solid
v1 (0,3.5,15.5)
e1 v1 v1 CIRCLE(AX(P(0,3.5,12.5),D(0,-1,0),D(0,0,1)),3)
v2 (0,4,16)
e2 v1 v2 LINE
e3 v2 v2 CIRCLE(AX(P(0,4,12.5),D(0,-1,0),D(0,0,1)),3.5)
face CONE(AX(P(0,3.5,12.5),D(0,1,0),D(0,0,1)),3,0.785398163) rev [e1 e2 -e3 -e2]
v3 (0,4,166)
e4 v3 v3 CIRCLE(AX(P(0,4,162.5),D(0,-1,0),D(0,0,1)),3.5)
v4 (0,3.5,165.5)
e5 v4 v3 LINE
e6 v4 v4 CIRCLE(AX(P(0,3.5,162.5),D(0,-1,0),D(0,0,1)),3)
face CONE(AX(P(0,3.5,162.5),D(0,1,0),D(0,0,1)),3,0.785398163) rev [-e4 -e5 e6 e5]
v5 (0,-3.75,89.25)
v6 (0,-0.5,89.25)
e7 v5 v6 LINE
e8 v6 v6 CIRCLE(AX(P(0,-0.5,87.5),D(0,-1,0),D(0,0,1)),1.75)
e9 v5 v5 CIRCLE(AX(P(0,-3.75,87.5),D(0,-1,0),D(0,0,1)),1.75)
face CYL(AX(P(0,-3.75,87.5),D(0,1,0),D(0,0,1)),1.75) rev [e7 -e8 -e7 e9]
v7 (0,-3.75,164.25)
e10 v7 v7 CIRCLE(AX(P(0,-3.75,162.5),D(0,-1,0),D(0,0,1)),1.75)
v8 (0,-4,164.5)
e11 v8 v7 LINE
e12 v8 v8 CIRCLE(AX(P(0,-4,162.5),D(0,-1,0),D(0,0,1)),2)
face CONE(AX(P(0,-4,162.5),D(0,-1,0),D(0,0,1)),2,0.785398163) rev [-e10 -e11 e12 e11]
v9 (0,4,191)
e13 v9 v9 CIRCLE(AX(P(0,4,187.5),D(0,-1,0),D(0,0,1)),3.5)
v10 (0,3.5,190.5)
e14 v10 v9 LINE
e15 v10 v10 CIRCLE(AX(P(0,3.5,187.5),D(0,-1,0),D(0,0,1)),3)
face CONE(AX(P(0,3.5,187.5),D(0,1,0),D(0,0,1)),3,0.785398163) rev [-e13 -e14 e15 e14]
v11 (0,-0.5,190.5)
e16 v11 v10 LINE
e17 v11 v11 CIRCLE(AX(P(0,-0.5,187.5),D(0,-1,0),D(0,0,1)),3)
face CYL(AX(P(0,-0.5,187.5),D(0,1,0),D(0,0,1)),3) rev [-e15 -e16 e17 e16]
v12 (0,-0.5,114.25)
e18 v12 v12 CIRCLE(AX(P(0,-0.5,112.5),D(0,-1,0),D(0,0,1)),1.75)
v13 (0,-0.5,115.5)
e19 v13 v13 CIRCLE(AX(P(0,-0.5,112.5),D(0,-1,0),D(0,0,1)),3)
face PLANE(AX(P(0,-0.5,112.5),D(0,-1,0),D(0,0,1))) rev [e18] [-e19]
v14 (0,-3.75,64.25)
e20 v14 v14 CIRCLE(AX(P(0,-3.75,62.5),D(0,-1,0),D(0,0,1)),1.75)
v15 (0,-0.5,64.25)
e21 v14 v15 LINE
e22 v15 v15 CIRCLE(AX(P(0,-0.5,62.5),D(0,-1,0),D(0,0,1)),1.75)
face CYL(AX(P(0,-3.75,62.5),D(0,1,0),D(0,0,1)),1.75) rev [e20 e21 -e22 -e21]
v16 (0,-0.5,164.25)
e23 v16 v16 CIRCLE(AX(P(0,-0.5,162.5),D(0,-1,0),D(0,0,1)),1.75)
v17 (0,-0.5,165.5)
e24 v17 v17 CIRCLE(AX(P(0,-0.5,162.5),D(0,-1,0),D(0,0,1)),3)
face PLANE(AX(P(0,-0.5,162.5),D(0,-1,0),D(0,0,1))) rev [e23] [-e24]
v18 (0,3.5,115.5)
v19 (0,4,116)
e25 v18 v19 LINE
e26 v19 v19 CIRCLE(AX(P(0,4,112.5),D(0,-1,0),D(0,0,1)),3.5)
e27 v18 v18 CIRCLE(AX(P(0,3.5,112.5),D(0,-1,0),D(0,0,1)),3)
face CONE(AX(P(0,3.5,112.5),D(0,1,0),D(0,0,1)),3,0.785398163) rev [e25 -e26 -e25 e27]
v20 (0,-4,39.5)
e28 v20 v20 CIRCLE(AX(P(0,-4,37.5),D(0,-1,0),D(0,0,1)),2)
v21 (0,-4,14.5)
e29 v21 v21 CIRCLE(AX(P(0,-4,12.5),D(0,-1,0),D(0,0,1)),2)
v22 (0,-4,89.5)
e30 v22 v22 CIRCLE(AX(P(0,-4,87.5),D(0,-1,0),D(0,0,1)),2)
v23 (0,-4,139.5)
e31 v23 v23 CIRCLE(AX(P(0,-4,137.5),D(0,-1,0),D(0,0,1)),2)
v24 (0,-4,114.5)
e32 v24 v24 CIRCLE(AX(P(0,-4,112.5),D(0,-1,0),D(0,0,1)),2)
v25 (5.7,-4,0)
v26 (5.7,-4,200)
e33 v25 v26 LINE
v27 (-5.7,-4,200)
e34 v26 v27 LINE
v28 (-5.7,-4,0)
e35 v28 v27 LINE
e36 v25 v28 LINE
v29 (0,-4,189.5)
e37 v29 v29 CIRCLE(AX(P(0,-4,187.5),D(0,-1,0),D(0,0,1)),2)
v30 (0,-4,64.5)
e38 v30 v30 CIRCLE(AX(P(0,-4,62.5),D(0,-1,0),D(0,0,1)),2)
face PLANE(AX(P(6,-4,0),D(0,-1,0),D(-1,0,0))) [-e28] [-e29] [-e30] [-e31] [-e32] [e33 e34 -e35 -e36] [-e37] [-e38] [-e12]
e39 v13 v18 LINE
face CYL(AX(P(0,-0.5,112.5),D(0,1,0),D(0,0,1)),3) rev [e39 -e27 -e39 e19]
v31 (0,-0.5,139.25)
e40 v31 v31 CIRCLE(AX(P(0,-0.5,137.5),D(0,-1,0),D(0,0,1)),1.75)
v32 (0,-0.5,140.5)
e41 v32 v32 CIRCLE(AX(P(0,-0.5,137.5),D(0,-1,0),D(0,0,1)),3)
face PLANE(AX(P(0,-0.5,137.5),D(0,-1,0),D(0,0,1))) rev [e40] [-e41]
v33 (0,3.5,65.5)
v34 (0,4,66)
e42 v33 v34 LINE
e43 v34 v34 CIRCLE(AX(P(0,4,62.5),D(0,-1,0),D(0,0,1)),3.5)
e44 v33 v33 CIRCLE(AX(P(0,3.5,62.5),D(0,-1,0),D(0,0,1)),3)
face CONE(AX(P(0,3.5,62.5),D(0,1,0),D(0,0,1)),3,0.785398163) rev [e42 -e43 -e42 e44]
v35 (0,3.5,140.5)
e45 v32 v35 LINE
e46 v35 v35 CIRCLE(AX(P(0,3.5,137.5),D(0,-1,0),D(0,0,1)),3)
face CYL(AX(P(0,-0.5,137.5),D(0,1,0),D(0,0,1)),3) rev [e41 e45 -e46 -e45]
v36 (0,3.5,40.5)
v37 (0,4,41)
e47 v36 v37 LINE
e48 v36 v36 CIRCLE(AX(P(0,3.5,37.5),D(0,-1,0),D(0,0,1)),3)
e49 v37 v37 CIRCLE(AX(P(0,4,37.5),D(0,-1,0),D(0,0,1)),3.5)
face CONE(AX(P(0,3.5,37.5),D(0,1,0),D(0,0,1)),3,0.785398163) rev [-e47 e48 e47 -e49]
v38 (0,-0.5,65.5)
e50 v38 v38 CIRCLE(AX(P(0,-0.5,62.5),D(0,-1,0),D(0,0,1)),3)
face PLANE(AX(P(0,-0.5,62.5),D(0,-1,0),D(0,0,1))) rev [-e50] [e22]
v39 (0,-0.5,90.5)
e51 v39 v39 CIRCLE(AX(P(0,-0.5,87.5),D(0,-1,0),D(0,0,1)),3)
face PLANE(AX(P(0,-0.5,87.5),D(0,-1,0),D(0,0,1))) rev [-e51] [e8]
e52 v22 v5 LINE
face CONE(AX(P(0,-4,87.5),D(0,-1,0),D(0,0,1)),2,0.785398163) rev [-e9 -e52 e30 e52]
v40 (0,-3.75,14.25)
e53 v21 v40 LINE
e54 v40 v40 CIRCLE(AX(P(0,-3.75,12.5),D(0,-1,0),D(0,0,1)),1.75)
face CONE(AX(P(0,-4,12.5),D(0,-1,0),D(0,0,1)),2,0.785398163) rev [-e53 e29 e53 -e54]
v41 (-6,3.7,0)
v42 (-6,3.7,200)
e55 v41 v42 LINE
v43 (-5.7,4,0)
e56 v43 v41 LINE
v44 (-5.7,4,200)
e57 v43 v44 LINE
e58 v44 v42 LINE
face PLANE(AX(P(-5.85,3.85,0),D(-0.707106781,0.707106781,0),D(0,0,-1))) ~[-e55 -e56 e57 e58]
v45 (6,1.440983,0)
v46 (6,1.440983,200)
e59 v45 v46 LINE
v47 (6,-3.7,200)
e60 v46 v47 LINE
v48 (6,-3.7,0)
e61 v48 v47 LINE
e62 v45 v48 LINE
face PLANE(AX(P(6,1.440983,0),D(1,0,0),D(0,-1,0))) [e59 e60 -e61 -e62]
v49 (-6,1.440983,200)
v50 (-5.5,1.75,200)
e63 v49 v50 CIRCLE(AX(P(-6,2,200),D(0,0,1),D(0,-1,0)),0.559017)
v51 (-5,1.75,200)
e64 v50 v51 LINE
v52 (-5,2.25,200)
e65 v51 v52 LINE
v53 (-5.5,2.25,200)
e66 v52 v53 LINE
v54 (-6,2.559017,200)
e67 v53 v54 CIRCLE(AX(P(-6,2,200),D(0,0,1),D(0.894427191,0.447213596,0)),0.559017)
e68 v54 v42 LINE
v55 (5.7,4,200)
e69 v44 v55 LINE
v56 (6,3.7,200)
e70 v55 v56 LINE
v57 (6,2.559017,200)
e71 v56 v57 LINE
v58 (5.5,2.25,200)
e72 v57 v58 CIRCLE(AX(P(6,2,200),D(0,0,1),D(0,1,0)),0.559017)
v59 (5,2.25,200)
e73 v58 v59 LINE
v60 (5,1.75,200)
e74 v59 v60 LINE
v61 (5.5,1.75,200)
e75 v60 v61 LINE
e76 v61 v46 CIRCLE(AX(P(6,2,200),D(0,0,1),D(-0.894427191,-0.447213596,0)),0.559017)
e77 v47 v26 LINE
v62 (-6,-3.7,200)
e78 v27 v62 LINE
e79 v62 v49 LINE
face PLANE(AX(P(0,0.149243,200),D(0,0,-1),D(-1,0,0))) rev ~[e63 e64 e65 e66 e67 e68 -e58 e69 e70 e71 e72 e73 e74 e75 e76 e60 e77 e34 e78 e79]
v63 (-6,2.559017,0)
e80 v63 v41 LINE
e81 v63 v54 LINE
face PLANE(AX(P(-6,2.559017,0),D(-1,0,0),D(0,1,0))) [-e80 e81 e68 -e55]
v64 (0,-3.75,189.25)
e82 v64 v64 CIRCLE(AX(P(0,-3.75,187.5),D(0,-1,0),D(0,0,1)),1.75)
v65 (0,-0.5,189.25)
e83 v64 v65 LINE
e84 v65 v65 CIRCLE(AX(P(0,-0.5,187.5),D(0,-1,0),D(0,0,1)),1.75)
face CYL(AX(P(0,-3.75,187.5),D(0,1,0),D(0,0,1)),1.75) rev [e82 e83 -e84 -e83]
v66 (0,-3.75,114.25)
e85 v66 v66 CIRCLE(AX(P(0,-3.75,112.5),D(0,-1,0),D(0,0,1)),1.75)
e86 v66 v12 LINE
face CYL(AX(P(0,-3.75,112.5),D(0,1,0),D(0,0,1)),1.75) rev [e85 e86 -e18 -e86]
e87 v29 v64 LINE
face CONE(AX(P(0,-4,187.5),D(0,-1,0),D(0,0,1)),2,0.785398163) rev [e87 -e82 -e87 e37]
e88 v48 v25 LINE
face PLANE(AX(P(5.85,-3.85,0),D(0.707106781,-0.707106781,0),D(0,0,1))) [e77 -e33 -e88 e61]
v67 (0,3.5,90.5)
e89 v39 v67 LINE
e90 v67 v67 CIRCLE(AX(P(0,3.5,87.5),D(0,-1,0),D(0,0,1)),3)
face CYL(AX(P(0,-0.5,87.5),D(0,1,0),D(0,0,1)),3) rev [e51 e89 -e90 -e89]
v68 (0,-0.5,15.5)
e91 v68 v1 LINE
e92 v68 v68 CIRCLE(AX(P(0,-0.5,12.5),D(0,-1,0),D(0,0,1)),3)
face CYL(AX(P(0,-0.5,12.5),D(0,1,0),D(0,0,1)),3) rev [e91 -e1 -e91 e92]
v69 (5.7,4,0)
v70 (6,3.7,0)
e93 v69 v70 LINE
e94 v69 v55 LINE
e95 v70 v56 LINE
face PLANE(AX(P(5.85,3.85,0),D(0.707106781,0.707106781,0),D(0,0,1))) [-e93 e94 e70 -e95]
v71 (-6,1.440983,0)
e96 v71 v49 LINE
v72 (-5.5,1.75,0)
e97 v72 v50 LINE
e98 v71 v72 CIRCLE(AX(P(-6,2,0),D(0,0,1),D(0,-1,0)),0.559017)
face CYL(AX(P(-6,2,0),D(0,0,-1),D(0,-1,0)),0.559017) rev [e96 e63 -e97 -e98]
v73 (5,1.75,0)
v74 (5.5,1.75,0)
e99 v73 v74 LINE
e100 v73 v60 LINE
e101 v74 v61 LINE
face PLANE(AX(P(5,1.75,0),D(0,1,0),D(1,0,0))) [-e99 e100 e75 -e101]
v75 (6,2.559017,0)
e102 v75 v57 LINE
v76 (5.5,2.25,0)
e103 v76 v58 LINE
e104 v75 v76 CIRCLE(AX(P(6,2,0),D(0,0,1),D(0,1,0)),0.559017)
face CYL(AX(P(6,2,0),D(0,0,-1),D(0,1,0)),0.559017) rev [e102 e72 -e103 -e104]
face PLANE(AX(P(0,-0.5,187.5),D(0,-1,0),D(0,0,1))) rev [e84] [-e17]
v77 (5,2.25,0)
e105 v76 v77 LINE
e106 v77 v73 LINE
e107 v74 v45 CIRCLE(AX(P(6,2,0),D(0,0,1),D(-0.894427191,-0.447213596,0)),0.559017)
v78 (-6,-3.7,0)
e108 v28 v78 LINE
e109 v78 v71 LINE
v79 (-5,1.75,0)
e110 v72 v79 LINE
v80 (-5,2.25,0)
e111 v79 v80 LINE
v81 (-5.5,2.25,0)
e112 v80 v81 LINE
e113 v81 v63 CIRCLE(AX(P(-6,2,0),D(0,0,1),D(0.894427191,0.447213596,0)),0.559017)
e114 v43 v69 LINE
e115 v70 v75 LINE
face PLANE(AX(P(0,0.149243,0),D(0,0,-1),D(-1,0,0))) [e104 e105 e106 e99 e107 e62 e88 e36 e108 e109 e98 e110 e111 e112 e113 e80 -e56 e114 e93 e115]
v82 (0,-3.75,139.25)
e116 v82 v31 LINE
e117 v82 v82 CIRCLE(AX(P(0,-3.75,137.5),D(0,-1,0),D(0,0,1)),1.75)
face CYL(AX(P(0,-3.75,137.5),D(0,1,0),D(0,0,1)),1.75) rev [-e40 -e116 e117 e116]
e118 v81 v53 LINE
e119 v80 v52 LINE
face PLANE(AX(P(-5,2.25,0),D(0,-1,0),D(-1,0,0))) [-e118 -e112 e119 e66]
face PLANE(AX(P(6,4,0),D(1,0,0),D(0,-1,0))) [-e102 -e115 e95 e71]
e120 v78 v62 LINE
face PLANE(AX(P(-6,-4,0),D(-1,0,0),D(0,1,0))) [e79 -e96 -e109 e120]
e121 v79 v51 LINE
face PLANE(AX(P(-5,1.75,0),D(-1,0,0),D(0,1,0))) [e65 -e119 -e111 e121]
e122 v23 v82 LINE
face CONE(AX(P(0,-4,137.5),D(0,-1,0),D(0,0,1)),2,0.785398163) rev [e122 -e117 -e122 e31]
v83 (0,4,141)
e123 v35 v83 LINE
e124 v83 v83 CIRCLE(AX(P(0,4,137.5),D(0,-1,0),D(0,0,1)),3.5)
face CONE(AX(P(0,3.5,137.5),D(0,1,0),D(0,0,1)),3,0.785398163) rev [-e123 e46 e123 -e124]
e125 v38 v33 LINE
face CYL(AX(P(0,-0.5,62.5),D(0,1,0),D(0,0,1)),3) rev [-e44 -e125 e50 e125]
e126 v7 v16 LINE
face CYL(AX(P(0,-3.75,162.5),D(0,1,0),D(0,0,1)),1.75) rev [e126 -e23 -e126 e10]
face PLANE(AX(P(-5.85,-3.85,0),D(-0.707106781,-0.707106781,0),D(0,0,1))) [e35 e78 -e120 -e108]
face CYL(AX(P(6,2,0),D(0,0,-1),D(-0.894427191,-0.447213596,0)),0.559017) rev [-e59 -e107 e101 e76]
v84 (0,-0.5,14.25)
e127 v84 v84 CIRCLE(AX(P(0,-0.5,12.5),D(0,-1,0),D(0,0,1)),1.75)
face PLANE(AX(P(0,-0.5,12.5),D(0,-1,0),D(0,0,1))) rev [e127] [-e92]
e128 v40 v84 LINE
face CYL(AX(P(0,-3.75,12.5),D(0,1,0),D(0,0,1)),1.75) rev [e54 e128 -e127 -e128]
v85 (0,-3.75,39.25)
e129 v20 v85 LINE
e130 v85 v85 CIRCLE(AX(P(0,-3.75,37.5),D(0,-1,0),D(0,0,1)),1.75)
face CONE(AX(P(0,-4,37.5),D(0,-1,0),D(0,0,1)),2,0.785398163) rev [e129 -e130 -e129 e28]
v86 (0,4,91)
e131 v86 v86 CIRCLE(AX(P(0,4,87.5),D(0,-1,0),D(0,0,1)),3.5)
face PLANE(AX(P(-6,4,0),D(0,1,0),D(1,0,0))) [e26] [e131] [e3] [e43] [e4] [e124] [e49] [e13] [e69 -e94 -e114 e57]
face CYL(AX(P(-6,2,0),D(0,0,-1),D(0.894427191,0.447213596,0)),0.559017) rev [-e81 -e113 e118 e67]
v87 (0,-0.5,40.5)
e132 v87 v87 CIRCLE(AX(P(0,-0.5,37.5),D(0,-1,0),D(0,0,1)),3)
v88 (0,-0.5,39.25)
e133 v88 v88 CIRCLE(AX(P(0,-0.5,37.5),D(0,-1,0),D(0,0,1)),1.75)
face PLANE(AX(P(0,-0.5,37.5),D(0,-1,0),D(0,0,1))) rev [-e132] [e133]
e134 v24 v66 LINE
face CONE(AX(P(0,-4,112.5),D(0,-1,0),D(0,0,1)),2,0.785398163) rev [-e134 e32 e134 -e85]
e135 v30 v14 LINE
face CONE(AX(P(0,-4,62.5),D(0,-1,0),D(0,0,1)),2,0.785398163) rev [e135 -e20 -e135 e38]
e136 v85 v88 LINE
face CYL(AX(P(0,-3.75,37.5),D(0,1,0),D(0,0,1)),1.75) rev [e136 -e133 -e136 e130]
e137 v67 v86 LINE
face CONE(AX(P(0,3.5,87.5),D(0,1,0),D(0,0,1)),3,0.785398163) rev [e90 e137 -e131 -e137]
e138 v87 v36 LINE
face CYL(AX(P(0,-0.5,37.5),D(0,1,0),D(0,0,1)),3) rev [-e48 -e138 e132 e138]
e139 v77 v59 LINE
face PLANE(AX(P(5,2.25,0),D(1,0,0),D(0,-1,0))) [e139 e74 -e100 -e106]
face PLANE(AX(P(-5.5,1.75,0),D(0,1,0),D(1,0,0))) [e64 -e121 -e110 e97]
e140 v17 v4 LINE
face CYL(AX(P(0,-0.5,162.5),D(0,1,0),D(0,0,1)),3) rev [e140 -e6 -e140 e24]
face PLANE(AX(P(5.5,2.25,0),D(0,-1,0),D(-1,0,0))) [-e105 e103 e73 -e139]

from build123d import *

# Parameters (mm, degrees)
BOSS_EXTRUDE1_DEPTH = 200
CHAMFER1_SIZE       = 0.3
LPATTERN1_COUNT     = 8
LPATTERN1_PITCH     = 25


with BuildPart() as part:
    # Sketch1 → Boss-Extrude1 (new body)
    with BuildSketch(Plane.XY):
        with BuildLine():
            Line((-6, 4), (6, 4))
            Line((6, 4), (6, 2.75))
            Line((6, 2.75), (6, 2.559016994))
            ThreePointArc((6, 2.559016994), (5.706107374, 2.475528258), (5.5, 2.25))
            Line((5.5, 2.25), (5, 2.25))
            Line((5, 2.25), (5, 1.75))
            Line((5, 1.75), (5.5, 1.75))
            ThreePointArc((5.5, 1.75), (5.706107374, 1.524471742), (6, 1.440983006))
            Line((6, 1.440983006), (6, 1.25))
            Line((6, 1.25), (6, -4))
            Line((6, -4), (-6, -4))
            Line((-6, -4), (-6, 1.25))
            Line((-6, 1.25), (-6, 1.440983006))
            ThreePointArc((-6, 1.440983006), (-5.706107374, 1.524471742), (-5.5, 1.75))
            Line((-5.5, 1.75), (-5, 1.75))
            Line((-5, 1.75), (-5, 2.25))
            Line((-5, 2.25), (-5.5, 2.25))
            ThreePointArc((-5.5, 2.25), (-5.706107374, 2.475528258), (-6, 2.559016994))
            Line((-6, 2.559016994), (-6, 2.75))
            Line((-6, 2.75), (-6, 4))
        make_face()
    extrude(amount=BOSS_EXTRUDE1_DEPTH)

    # Chamfer1
    chamfer1_edges = [part.edges().sort_by_distance(p)[0] for p in [
        (-6, 4, 100),
        (6, 4, 100),
        (6, -4, 100),
        (-6, -4, 100),
    ]]
    chamfer(chamfer1_edges, length=CHAMFER1_SIZE)

    # Sketch3 → M3 六角承窩頭蓋螺釘的柱孔1 (revolve, cut)
    with BuildSketch(Plane(origin=(0, 4, 12.5), x_dir=(0, 0, 1), z_dir=(1, 0, 0))):
        Polygon((0, 0), (0, 8), (2, 8), (1.75, 7.75), (1.75, 4.5), (3, 4.5), (3, 0.5), (3.5, 0), align=None)
    hole_wizard_m3_1 = revolve(axis=Axis((0, 10.35, 12.5), (0, -1, 0)), mode=Mode.SUBTRACT)

    # LPattern1: M3 六角承窩頭蓋螺釘的柱孔1 ×8
    with Locations(*[(0, 0, i * LPATTERN1_PITCH) for i in range(1, LPATTERN1_COUNT)]):
        add(hole_wizard_m3_1, mode=Mode.SUBTRACT)


solid = part.part
